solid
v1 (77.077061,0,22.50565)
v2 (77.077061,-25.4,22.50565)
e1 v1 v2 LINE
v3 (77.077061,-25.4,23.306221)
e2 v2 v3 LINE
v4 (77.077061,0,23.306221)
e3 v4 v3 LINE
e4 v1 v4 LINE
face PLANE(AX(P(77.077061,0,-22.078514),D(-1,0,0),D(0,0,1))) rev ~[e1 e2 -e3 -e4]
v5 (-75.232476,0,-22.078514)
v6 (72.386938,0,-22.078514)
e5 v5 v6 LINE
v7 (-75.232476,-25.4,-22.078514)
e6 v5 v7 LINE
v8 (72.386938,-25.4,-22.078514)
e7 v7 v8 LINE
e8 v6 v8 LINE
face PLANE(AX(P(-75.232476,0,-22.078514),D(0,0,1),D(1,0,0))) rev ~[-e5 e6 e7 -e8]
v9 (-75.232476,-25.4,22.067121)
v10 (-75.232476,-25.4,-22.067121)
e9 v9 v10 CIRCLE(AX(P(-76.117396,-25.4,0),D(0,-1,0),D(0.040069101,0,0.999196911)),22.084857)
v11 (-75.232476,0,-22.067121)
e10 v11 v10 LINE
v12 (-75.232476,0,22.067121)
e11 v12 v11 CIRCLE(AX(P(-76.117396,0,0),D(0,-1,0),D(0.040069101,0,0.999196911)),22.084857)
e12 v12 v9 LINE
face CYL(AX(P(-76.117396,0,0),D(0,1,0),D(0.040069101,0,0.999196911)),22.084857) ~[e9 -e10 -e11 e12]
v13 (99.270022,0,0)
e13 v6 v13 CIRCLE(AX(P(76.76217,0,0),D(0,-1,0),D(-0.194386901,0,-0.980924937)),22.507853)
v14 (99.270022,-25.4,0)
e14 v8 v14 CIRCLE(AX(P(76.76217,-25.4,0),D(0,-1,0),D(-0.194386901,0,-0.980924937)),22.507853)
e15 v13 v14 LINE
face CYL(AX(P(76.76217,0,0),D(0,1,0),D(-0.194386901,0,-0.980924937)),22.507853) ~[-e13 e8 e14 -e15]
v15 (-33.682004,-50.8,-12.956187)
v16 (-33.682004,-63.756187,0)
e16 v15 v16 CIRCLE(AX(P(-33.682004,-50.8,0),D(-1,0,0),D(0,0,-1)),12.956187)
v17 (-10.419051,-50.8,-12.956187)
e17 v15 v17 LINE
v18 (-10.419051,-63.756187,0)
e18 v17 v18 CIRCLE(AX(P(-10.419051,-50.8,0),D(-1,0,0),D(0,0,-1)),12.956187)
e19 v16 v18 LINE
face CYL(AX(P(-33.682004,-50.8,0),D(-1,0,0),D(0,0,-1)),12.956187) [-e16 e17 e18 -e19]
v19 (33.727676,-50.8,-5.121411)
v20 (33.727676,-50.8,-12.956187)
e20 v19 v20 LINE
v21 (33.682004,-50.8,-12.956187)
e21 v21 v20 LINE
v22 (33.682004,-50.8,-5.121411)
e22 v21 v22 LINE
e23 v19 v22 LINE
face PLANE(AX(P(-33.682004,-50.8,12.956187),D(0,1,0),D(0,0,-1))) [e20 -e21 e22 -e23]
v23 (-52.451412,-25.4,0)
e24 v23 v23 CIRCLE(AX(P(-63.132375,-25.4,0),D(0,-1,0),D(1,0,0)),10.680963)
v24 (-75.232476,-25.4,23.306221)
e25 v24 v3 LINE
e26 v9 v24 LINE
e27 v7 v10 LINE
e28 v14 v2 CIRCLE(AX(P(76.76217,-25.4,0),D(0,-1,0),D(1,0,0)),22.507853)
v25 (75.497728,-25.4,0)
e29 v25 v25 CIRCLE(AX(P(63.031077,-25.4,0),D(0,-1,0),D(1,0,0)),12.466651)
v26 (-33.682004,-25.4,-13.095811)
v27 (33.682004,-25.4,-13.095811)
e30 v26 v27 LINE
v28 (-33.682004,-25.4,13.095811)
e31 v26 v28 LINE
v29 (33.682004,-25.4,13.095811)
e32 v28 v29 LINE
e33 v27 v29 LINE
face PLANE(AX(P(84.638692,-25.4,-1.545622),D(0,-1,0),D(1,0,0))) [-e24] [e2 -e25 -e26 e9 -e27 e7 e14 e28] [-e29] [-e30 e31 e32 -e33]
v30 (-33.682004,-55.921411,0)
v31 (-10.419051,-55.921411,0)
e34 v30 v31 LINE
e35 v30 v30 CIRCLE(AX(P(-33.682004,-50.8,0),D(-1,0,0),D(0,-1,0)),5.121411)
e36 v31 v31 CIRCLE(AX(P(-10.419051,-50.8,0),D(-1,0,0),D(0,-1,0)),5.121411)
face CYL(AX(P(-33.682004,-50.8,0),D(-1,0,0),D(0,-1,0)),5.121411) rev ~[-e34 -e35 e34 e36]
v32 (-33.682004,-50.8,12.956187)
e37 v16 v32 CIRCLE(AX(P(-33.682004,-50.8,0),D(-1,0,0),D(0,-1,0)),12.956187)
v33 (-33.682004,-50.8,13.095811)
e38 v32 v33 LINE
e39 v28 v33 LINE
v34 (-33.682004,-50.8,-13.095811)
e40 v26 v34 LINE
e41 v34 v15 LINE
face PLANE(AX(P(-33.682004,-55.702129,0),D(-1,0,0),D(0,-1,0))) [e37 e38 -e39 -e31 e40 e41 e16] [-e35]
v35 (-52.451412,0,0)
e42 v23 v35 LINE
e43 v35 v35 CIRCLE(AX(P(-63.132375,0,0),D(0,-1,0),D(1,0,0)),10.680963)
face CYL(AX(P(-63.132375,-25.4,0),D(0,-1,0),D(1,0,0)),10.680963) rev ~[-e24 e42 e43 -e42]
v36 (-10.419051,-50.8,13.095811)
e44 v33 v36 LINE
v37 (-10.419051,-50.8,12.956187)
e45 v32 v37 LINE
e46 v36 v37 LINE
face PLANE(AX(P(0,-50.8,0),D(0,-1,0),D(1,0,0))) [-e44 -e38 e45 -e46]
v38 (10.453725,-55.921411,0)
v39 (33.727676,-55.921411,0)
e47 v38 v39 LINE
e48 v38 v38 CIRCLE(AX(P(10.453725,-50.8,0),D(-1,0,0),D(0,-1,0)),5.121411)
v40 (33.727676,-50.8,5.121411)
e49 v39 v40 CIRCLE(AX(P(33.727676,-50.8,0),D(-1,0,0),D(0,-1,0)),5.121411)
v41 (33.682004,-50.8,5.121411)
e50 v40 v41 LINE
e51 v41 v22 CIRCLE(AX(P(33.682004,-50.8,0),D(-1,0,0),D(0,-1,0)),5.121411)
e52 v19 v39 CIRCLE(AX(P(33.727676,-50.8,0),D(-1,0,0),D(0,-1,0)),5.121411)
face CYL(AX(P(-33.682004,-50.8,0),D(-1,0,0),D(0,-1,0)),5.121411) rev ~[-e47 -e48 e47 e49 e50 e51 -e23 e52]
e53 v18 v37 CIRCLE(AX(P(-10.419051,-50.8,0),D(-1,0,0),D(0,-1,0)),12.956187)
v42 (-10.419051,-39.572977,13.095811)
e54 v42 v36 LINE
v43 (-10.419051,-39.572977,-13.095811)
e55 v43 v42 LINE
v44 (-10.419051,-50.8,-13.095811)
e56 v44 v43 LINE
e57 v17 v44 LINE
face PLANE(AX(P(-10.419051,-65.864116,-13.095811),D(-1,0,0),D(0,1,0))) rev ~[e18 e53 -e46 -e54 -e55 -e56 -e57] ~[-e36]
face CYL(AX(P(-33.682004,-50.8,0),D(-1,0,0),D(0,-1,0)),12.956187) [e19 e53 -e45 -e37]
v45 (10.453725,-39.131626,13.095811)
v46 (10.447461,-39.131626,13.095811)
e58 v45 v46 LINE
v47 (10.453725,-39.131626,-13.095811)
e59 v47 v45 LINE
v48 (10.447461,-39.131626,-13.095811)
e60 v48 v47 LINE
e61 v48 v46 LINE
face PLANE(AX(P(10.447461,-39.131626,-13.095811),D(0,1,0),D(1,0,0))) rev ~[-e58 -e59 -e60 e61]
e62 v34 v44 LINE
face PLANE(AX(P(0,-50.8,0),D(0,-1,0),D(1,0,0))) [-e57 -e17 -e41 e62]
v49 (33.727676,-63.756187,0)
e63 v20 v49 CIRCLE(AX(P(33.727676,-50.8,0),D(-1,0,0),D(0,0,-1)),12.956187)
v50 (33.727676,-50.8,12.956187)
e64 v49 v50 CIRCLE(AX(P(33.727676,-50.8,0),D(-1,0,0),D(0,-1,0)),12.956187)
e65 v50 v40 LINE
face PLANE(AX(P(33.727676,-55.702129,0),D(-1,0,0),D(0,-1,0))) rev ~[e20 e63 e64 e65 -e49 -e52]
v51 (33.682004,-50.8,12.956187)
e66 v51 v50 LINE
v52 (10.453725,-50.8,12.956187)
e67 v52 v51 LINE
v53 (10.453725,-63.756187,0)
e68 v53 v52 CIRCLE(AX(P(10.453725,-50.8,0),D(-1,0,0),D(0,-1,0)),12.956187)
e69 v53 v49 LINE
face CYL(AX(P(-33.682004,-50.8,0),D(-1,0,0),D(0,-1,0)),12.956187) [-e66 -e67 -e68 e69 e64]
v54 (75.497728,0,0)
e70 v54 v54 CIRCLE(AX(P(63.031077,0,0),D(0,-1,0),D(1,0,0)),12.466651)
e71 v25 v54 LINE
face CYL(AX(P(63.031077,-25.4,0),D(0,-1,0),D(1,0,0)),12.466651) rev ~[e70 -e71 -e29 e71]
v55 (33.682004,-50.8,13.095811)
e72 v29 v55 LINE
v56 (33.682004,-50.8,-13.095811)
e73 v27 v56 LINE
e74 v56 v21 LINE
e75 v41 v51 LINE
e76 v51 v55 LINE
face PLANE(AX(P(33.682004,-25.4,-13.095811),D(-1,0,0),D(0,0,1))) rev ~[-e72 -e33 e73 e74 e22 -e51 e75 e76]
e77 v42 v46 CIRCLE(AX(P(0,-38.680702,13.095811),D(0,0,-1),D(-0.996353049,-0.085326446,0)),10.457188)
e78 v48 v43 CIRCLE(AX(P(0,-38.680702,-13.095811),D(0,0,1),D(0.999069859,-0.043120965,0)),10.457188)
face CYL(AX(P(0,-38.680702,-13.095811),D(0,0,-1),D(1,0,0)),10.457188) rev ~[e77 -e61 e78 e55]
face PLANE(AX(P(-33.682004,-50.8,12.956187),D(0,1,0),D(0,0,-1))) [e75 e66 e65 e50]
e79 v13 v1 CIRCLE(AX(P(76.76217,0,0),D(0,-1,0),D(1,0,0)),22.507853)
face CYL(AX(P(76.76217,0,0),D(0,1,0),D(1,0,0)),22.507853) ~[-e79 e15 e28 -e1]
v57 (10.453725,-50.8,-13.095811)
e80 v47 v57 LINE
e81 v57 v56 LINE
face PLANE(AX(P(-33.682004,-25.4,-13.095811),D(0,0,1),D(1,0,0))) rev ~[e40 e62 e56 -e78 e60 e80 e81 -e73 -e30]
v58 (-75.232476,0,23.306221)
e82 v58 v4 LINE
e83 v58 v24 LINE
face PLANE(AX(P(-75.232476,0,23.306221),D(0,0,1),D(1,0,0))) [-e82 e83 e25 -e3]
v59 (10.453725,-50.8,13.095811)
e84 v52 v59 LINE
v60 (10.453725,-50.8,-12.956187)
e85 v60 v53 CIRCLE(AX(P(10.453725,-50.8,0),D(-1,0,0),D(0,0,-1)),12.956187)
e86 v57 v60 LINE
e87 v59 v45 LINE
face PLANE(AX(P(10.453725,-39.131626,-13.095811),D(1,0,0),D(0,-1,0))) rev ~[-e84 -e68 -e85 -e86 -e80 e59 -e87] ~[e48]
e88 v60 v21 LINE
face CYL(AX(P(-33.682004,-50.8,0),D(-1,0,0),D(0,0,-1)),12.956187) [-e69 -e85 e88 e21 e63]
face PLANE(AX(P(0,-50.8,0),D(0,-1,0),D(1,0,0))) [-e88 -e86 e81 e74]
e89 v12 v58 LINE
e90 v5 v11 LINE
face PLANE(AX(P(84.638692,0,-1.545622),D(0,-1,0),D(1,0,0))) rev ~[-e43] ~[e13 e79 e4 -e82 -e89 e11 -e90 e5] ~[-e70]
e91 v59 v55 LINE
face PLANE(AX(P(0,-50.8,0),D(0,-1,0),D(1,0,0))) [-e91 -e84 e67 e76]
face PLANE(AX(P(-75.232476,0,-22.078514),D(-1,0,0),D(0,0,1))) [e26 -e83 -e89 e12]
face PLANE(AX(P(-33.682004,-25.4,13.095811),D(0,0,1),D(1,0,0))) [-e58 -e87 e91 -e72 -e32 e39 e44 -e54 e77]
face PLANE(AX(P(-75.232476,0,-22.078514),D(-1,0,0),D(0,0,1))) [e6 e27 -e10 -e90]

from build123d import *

# Parameters (mm, degrees)
F13_W     = 152.3095369339
F13_H     = 45.384734869
F1_DEPTH  = 25.4
F2_DEPTH  = 25.4
F4_R      = 10.680963323
F5_DEPTH  = 25.401
F6_R      = 12.4666506347
F15_DEPTH = 25.401
F3_W      = 67.3640072346
F3_H      = 26.1916220188
F16_DEPTH = 25.4
F17_DEPTH = 67.4096792936
F8_R      = 10.4571880182
F10_DEPTH = 36.4030317793
F11_R     = 5.1214106797
F12_DEPTH = 132.9530260163


with BuildPart() as f1:
    # F13 (on Front) → F1 (new body)
    with BuildSketch(Plane.XZ):
        with Locations((0.9222924709, 0.6138533354)):
            Rectangle(F13_W, F13_H)
    extrude(amount=F1_DEPTH)

    # F14 (on face) + F0 (on face) → F2 (join)
    with BuildSketch(Plane.XZ):
        with BuildLine():
            Line((-75.232475996, -22.0671208814), (-75.232475996, 22.0671208814))
            ThreePointArc((-75.232475996, 22.0671208814), (-98.2022533394, 0), (-75.232475996, -22.0671208814))
        make_face()
    with BuildSketch(Plane.XZ):
        with BuildLine():
            ThreePointArc((72.386937855, -22.0785140991), (91.0472381253, -17.3936843382), (99.270022399, 0))
            ThreePointArc((99.270022399, 0), (92.7885691568, 15.8037323084), (77.0770609379, 22.5056499815))
            Line((77.0770609379, 22.5056499815), (77.0770609379, -22.0785140991))
            Line((77.0770609379, -22.0785140991), (72.386937855, -22.0785140991))
        make_face()
    extrude(amount=F2_DEPTH)

    # F4 (on face) → F5 (cut, through all)
    with BuildSketch(Plane.XZ.offset(25.4)):
        with Locations((-63.1323754787, 0)):
            Circle(F4_R)
    extrude(amount=-F5_DEPTH, mode=Mode.SUBTRACT)

    # F6 (on face) → F15 (cut, through all)
    with BuildSketch(Plane.XZ.offset(25.4)):
        with Locations((63.0310773849, 0)):
            Circle(F6_R)
    extrude(amount=-F15_DEPTH, mode=Mode.SUBTRACT)

    # F3 (on face) → F16 (join)
    with BuildSketch(Plane.XZ.offset(25.4)):
        Rectangle(F3_W, F3_H)
    extrude(amount=F16_DEPTH)

    # F7 (on face) → F17 (join)
    with BuildSketch(Plane(origin=(-33.6820036173, 0, 0), x_dir=(0, -1, 0), z_dir=(-1, 0, 0))):
        with BuildLine():
            ThreePointArc((50.8, -12.9561868231), (59.961407561, -9.161407561), (63.7561868231, 0))
            ThreePointArc((63.7561868231, 0), (59.961407561, 9.161407561), (50.8, 12.9561868231))
            Line((50.8, 12.9561868231), (50.8, -12.9561868231))
        make_face()
    extrude(amount=-F17_DEPTH)

    # F8 (on face) + F9 (on face) → F10 (cut, through all)
    with BuildSketch(Plane(origin=(0, 0, -13.0958110094), x_dir=(1, 0, 0), z_dir=(0, 0, -1))):
        with Locations((0, 38.6807024479)):
            Circle(F8_R)
    with BuildSketch(Plane(origin=(0, 0, -13.0958110094), x_dir=(1, 0, 0), z_dir=(0, 0, -1))):
        with BuildLine():
            ThreePointArc((-10.4190511629, 39.5729771324), (0.2211320485, 49.1355521295), (10.4474613547, 39.1316264868))
            Line((10.4474613547, 39.1316264868), (10.4537252337, 39.1316264868))
            Line((10.4537252337, 39.1316264868), (10.4537252337, 65.8641159534))
            Line((10.4537252337, 65.8641159534), (-10.4190511629, 65.8641159534))
            Line((-10.4190511629, 65.8641159534), (-10.4190511629, 39.5729771324))
        make_face()
    extrude(amount=-F10_DEPTH, mode=Mode.SUBTRACT)

    # F11 (on face) → F12 (cut, through all)
    with BuildSketch(Plane(origin=(-33.6820036173, 0, 0), x_dir=(0, -1, 0), z_dir=(-1, 0, 0))):
        with Locations((50.8, 0)):
            Circle(F11_R)
    extrude(amount=-F12_DEPTH, mode=Mode.SUBTRACT)


solid = f1.part
